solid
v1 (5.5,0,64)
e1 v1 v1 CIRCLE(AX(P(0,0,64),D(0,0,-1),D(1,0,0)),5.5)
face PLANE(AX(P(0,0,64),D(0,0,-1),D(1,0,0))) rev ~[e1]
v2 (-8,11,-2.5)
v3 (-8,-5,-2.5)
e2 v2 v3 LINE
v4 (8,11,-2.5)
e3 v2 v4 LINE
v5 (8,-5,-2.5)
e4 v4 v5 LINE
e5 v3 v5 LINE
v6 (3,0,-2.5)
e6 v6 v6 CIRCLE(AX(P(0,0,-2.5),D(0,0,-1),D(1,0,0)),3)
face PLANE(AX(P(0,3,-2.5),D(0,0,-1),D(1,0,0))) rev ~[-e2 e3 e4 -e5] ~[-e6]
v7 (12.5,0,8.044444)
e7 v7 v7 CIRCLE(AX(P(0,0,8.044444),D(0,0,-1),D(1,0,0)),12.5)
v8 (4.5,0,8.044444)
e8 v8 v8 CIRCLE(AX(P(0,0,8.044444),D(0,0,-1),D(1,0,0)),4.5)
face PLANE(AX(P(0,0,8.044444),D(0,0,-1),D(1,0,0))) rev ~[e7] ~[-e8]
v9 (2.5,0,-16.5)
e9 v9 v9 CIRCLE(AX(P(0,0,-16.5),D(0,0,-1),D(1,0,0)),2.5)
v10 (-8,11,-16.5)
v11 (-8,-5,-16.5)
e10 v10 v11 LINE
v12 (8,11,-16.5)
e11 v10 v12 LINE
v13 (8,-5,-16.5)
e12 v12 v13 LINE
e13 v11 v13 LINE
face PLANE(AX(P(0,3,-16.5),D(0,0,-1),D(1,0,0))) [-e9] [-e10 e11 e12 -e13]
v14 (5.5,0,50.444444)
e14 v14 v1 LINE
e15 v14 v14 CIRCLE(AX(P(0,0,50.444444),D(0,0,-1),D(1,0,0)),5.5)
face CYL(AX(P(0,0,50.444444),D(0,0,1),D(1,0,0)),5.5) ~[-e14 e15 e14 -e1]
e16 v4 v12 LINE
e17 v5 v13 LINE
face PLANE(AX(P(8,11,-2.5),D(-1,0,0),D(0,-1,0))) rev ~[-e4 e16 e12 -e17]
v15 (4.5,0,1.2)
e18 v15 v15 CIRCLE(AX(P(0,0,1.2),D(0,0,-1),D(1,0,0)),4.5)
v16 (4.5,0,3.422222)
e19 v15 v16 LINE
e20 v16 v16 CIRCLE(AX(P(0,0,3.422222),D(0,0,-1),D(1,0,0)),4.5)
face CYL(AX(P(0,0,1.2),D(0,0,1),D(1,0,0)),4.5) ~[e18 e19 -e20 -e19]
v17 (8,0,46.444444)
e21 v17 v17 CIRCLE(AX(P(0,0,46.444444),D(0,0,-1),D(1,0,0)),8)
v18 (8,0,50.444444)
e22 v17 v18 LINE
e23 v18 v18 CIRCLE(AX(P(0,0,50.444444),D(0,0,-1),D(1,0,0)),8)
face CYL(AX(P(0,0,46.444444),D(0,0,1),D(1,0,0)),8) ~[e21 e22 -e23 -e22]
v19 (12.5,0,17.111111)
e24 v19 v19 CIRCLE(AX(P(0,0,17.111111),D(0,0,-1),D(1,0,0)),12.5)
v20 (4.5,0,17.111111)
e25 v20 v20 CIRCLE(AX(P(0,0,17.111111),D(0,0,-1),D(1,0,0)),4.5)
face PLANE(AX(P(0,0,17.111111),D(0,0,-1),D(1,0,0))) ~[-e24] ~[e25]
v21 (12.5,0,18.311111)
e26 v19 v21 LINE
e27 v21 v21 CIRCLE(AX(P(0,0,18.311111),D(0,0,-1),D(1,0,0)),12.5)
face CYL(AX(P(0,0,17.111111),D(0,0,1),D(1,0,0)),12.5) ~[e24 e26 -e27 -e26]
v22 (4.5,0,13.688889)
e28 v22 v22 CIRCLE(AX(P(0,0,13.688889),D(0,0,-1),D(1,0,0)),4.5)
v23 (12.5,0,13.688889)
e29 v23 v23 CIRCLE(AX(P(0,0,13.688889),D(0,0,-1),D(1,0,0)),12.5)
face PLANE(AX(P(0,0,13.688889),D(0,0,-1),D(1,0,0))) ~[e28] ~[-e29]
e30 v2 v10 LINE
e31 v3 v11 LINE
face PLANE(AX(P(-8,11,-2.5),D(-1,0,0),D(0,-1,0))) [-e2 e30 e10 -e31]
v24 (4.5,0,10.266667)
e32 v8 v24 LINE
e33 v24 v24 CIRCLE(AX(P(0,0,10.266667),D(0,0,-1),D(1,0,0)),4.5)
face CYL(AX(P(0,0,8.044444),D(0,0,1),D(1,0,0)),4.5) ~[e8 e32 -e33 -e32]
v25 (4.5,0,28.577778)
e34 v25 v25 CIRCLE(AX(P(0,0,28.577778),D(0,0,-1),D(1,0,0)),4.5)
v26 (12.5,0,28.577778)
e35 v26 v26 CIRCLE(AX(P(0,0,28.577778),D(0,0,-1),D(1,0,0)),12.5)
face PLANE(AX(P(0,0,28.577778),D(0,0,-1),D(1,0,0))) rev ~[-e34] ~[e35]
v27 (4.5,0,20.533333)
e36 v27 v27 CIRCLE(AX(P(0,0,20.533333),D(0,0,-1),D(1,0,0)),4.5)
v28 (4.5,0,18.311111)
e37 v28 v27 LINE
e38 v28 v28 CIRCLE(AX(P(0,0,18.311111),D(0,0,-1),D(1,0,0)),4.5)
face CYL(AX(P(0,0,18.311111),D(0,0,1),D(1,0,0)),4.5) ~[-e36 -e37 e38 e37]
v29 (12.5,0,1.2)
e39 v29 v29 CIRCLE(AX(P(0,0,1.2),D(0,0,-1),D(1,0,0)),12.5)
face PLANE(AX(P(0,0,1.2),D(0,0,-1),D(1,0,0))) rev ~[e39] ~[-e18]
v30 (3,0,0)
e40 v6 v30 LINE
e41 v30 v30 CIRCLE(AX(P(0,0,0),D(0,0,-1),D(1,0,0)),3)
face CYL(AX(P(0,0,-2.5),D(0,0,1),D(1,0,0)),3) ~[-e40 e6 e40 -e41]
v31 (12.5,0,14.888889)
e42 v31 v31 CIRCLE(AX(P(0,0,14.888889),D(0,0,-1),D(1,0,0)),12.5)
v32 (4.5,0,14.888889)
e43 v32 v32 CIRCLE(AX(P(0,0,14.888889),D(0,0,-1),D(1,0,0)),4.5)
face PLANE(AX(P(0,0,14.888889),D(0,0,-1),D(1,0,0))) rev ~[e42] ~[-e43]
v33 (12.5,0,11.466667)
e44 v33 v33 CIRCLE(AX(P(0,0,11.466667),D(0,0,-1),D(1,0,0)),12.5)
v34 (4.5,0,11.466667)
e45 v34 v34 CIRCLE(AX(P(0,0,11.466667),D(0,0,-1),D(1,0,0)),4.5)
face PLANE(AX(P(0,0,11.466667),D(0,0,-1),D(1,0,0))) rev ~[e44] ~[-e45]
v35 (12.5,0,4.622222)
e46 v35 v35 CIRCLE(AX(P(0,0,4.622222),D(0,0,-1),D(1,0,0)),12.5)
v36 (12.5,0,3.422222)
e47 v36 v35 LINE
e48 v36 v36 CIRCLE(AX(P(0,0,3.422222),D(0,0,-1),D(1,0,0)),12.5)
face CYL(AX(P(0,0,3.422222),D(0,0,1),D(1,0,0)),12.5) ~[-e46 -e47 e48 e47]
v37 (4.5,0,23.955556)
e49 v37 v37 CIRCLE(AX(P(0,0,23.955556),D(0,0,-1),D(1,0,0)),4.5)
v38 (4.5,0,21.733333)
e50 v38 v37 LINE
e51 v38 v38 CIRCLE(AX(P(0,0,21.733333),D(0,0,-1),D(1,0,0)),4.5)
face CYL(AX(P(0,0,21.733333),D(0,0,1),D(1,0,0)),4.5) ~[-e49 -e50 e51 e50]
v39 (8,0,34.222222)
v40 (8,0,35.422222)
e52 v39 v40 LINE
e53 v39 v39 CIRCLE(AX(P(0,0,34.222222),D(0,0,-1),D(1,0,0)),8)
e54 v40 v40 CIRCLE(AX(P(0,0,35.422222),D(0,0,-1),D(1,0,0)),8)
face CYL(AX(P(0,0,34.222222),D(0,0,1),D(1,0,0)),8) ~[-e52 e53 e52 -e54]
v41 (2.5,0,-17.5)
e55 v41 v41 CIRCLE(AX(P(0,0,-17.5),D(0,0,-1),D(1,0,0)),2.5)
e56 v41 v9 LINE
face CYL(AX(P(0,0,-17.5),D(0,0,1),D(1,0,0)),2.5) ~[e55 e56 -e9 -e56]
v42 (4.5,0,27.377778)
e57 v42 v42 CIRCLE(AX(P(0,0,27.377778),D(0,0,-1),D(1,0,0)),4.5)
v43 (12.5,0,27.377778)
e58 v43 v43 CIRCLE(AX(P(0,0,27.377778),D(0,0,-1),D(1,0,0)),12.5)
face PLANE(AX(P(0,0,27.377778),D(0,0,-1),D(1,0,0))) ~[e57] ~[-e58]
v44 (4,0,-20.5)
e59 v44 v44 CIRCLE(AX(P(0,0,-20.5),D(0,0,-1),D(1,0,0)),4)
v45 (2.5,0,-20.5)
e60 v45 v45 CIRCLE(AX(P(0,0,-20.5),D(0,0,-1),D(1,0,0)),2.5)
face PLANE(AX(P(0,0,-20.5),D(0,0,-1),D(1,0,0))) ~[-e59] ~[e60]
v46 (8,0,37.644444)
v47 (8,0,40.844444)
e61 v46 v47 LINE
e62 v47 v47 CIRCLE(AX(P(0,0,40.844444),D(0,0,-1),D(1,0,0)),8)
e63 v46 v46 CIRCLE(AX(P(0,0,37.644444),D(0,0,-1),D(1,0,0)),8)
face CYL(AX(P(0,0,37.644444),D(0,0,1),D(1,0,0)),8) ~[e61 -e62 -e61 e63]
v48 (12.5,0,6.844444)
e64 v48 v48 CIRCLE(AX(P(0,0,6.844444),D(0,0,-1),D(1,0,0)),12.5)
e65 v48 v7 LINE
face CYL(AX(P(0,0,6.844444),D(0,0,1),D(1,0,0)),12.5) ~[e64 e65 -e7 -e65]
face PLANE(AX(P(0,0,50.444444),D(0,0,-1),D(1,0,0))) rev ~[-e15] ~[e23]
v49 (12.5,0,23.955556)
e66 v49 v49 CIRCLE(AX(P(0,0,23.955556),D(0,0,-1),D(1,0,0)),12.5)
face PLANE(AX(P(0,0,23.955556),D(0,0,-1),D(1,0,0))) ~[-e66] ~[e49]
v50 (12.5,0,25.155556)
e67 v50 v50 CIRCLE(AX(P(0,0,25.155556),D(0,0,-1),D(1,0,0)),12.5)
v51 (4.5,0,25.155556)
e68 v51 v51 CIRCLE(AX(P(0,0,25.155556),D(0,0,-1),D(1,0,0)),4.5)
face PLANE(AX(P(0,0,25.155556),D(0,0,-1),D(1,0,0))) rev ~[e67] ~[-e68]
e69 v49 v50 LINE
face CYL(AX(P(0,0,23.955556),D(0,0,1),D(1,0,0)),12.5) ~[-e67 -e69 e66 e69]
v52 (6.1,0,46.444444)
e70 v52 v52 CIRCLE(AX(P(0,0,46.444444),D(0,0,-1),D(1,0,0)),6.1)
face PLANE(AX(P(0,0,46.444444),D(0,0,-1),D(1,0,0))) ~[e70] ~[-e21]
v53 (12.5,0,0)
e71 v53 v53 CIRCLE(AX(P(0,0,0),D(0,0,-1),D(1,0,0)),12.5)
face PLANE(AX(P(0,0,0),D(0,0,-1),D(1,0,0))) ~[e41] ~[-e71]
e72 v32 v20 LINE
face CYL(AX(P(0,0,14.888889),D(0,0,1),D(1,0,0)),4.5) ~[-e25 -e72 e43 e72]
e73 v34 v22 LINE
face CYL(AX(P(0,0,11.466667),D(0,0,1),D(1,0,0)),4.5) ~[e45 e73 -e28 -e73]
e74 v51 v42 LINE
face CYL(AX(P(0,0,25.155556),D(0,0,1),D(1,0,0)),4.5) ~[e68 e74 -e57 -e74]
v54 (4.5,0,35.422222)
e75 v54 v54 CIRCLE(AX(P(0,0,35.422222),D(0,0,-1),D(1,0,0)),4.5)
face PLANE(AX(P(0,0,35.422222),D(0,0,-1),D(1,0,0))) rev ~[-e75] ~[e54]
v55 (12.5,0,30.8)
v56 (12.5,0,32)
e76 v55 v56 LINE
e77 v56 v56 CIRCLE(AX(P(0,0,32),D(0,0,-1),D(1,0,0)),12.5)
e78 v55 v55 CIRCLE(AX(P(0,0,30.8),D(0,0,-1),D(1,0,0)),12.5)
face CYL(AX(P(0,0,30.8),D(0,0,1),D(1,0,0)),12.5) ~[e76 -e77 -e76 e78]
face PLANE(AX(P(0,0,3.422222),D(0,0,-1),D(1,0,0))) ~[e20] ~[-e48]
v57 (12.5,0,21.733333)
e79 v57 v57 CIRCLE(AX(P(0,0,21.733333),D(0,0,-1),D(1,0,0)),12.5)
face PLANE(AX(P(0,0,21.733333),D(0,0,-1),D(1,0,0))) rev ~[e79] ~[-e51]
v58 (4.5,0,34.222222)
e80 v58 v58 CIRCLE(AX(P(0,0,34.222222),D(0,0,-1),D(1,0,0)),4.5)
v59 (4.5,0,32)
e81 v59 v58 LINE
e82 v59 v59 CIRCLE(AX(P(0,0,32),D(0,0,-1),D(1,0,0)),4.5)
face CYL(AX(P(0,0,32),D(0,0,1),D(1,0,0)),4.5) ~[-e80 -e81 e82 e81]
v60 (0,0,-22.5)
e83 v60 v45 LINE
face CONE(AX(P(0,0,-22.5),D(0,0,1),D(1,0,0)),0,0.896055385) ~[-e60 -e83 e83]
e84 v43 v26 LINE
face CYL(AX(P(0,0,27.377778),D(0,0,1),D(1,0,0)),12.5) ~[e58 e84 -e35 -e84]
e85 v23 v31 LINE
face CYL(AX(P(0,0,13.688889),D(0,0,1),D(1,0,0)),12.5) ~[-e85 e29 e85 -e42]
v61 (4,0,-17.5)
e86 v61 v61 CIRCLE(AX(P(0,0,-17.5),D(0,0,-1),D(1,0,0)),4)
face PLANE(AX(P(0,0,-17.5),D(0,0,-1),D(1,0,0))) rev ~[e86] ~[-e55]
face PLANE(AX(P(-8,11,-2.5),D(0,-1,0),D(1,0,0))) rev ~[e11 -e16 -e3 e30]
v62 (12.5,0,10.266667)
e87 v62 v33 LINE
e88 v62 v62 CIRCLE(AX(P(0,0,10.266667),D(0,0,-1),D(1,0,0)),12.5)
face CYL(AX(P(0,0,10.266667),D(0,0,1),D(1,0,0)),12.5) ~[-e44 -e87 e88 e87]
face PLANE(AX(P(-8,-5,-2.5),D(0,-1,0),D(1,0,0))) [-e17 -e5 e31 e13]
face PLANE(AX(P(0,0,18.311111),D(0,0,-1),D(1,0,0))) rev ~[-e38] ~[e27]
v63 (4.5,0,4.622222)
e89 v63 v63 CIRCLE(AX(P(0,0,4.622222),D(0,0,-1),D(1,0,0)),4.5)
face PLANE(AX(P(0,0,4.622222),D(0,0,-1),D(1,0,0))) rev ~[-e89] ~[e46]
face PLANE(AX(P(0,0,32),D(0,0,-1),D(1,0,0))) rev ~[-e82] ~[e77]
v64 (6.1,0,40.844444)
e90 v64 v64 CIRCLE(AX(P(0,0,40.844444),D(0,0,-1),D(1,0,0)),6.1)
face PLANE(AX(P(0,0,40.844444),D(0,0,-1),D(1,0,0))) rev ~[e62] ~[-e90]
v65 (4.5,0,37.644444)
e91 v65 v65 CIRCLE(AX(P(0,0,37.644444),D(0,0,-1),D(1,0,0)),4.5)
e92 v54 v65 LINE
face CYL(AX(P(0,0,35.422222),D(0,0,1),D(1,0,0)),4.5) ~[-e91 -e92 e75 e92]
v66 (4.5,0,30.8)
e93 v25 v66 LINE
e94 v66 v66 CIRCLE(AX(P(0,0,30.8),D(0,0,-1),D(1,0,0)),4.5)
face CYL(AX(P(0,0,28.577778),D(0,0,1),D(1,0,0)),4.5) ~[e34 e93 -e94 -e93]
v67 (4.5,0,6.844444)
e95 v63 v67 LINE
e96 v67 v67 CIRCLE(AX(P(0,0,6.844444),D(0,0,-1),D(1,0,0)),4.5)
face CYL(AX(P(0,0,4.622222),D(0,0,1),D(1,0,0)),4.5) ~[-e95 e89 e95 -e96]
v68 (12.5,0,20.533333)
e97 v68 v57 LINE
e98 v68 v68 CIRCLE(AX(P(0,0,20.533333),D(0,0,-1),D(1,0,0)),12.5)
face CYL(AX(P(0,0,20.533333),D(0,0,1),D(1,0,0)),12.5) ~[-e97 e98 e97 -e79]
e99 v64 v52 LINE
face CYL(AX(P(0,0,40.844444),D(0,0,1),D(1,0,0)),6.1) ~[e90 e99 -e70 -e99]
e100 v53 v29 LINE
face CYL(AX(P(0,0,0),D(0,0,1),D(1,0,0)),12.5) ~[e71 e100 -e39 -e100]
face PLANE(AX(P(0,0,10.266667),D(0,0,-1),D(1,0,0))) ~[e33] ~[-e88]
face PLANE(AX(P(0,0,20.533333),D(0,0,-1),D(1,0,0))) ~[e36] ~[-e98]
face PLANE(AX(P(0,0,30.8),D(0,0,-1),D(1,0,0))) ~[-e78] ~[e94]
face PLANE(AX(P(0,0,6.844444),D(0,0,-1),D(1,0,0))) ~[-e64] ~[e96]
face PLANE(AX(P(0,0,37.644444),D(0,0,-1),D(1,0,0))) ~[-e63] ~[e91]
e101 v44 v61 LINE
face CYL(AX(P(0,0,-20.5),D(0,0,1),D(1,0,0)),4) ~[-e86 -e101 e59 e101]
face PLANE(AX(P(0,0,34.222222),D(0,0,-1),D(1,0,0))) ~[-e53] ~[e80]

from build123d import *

# Parameters (mm, degrees)
F2_W     = 16
F2_H     = 16
F3_DEPTH = 14


with BuildPart() as f1:
    # F0 (on Front) → F1 (revolve)
    with BuildSketch(Plane.XZ):
        Polygon((3, 0), (12.5, 0), (12.5, 1.2), (4.5, 1.2), (4.5, 3.422222), (12.5, 3.422222), (12.5, 4.622222), (4.5, 4.622222), (4.5, 6.844444), (12.5, 6.844444), (12.5, 8.044444), (4.5, 8.044444), (4.5, 10.266667), (12.5, 10.266667), (12.5, 11.466667), (4.5, 11.466667), (4.5, 13.688889), (12.5, 13.688889), (12.5, 14.888889), (4.5, 14.888889), (4.5, 17.111111), (12.5, 17.111111), (12.5, 18.311111), (4.5, 18.311111), (4.5, 20.533333), (12.5, 20.533333), (12.5, 21.733333), (4.5, 21.733333), (4.5, 23.955556), (12.5, 23.955556), (12.5, 25.155556), (4.5, 25.155556), (4.5, 27.377778), (12.5, 27.377778), (12.5, 28.577778), (4.5, 28.577778), (4.5, 30.8), (12.5, 30.8), (12.5, 32), (4.5, 32), (4.5, 34.222222), (8, 34.222222), (8, 35.422222), (4.5, 35.422222), (4.5, 37.644444), (8, 37.644444), (8, 40.844444), (6.1, 40.844444), (6.1, 46.444444), (8, 46.444444), (8, 50.444444), (5.5, 50.444444), (5.5, 64), (0, 64), (0, -2.5), (3, -2.5), align=None)
    revolve(axis=Axis((0, 0, 40.34683), (0, 0, -1)))

    # F2 (on face) → F3 (join)
    with BuildSketch(Plane(origin=(0, 0, -2.5), x_dir=(1, 0, 0), z_dir=(0, 0, -1))):
        with Locations((0, -3)):
            Rectangle(F2_W, F2_H)
    extrude(amount=F3_DEPTH)

    # F4 (on Front) → F5 (revolve)
    with BuildSketch(Plane.XZ):
        Polygon((0, -16.5), (0, -22.5), (2.5, -20.5), (4, -20.5), (4, -17.5), (2.5, -17.5), (2.5, -16.5), align=None)
    revolve(axis=Axis((0, 0, -19.509592), (0, 0, -1)))


solid = f1.part
